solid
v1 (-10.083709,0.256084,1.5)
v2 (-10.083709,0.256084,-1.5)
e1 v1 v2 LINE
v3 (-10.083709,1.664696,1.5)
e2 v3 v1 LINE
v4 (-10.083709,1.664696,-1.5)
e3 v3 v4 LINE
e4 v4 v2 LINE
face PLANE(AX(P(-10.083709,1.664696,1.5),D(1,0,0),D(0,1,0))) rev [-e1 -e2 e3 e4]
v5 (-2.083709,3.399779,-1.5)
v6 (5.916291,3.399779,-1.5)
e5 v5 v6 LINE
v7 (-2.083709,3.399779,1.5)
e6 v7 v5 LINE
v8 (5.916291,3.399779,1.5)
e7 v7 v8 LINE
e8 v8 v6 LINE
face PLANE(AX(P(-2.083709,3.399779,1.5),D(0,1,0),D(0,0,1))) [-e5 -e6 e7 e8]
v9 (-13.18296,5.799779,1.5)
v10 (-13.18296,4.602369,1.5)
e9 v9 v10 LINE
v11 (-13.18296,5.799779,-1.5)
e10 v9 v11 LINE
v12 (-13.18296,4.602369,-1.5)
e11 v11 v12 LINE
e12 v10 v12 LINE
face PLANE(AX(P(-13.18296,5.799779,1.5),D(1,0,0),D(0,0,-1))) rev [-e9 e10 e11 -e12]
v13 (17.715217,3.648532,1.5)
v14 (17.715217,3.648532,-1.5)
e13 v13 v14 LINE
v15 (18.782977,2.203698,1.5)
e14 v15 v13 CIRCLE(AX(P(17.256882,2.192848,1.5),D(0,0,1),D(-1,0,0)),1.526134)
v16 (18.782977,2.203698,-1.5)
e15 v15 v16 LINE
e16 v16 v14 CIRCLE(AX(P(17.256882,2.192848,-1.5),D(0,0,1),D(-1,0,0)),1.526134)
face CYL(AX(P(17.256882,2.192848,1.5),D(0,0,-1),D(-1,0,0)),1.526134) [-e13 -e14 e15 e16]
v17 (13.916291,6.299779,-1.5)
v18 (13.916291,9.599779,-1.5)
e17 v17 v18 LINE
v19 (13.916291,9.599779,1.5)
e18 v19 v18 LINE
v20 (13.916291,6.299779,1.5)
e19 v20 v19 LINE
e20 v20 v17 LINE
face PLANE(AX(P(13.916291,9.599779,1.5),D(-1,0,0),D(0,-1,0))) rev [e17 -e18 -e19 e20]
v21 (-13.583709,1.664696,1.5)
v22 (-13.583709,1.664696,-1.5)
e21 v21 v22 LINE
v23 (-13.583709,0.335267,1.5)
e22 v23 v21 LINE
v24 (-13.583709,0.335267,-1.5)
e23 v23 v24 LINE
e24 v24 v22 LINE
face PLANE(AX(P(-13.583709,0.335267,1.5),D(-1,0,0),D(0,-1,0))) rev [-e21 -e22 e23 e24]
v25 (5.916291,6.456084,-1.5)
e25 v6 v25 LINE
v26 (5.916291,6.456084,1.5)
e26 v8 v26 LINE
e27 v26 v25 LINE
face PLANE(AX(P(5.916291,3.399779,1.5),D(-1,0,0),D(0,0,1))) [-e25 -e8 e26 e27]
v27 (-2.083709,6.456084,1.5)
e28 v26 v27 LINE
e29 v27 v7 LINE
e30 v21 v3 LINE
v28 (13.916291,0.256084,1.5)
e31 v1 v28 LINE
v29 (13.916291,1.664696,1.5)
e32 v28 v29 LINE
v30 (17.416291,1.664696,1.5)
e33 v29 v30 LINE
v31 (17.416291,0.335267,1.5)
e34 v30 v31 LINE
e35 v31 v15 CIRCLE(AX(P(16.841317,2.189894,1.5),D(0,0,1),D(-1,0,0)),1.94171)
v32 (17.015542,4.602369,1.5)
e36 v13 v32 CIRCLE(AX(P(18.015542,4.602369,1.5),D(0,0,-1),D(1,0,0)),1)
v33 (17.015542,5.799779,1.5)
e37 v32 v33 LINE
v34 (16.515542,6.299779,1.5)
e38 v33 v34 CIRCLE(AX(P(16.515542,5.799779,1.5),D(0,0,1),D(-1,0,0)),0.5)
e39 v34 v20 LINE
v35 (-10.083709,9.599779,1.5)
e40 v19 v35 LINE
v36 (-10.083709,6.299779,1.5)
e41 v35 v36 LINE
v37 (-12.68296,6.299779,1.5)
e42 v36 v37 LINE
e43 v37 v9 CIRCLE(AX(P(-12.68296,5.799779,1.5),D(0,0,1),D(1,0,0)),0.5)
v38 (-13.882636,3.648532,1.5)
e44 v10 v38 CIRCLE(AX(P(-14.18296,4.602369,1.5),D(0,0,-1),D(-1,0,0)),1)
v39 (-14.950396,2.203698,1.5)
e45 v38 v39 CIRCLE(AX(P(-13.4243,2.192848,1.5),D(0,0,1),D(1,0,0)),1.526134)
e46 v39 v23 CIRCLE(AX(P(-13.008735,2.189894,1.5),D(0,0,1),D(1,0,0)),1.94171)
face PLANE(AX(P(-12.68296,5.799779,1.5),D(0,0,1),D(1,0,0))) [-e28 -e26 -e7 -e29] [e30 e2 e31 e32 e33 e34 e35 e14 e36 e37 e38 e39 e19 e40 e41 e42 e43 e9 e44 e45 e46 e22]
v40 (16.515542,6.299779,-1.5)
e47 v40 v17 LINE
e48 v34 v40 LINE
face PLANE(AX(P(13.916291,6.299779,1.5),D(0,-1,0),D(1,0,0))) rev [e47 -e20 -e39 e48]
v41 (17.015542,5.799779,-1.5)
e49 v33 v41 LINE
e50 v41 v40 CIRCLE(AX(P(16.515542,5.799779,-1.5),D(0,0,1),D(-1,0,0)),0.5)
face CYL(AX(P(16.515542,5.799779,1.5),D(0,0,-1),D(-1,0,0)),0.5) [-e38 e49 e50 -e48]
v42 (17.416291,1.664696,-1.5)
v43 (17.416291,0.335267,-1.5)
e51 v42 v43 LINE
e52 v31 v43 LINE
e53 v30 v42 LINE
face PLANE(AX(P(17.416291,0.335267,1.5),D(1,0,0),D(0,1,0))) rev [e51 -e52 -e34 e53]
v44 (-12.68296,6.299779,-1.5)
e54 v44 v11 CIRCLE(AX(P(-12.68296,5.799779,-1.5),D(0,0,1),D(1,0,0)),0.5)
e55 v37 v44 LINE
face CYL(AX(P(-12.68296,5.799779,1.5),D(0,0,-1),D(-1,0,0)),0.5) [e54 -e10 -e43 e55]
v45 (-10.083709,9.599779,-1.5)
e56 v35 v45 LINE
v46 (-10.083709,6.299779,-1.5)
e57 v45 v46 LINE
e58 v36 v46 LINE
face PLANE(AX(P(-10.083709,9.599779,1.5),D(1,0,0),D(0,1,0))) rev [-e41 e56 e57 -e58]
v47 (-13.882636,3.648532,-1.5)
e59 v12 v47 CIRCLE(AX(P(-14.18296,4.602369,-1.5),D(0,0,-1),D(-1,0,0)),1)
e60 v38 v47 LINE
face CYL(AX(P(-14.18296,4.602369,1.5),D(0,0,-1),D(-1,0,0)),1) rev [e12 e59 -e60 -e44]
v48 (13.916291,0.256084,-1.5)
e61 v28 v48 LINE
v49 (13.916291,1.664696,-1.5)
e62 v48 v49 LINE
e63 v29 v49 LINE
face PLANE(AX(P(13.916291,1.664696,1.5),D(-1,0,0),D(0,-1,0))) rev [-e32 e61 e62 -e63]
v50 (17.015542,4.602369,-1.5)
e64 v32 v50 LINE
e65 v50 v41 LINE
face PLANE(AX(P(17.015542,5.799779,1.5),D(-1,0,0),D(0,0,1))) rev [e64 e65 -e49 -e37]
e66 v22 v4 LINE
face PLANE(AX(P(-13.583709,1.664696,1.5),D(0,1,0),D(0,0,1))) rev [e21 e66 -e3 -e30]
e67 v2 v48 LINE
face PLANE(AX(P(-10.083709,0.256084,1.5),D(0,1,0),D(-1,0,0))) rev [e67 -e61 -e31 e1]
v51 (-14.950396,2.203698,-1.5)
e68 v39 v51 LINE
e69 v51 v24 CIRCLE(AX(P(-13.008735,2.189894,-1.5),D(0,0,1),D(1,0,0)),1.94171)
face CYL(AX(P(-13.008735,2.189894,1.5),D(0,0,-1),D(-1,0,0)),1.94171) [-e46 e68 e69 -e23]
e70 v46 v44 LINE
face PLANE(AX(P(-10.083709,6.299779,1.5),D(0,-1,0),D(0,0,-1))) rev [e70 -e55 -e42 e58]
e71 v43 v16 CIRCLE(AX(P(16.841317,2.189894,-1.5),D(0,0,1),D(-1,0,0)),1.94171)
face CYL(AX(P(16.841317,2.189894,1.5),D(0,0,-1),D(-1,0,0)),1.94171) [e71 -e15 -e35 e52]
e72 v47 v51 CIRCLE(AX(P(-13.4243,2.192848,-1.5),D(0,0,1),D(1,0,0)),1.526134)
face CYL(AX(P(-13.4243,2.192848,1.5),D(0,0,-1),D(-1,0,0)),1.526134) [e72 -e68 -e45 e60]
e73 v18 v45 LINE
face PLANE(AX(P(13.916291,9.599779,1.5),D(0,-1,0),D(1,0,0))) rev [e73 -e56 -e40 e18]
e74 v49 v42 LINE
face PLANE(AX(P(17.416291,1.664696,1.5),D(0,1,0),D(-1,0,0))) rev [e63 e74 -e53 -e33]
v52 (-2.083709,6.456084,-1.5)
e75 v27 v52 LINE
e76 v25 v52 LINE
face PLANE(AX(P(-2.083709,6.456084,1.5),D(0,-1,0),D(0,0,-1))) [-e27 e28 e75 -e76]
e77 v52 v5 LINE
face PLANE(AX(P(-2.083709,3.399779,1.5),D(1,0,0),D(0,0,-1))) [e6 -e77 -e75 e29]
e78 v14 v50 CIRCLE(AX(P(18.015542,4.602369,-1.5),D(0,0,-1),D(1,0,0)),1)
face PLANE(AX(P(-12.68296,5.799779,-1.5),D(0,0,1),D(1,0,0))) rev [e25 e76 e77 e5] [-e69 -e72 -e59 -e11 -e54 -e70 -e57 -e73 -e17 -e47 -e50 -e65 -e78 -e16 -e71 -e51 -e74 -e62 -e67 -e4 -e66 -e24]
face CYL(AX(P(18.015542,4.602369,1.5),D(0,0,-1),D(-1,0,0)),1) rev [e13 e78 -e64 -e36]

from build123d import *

# Parameters (mm, degrees)
SKETCH1_W           = 8
SKETCH1_H           = 3.056305014
BOSS_EXTRUDE1_DEPTH = 1.5


with BuildPart() as part:
    # Sketch1 → Boss-Extrude1 (new, symmetric)
    with BuildSketch(Plane.XY):
        with BuildLine():
            Line((-10.083709216, 9.599779274), (-10.083709216, 6.299779274))
            Line((-10.083709216, 6.299779274), (-12.68296021, 6.299779274))
            ThreePointArc((-12.68296021, 6.299779274), (-13.0365136, 6.153332664), (-13.18296021, 5.799779274))
            Line((-13.18296021, 5.799779274), (-13.18296021, 4.602368782))
            ThreePointArc((-13.18296021, 4.602368782), (-13.376633784, 4.010897992), (-13.882635601, 3.648531727))
            ThreePointArc((-13.882635601, 3.648531727), (-14.651645992, 3.099880506), (-14.950395595, 2.20369759))
            ThreePointArc((-14.950395595, 2.20369759), (-14.575936583, 1.043545253), (-13.583709216, 0.335267166))
            Line((-13.583709216, 0.335267166), (-13.583709216, 1.664695612))
            Line((-13.583709216, 1.664695612), (-10.083709216, 1.664695612))
            Line((-10.083709216, 1.664695612), (-10.083709216, 0.256084288))
            Line((-10.083709216, 0.256084288), (13.916290784, 0.256084288))
            Line((13.916290784, 0.256084288), (13.916290784, 1.664695612))
            Line((13.916290784, 1.664695612), (17.416290784, 1.664695612))
            Line((17.416290784, 1.664695612), (17.416290784, 0.335267166))
            ThreePointArc((17.416290784, 0.335267166), (18.408518152, 1.043545253), (18.782977164, 2.20369759))
            ThreePointArc((18.782977164, 2.20369759), (18.484227561, 3.099880506), (17.715217169, 3.648531727))
            ThreePointArc((17.715217169, 3.648531727), (17.209215353, 4.010897992), (17.015541778, 4.602368782))
            Line((17.015541778, 4.602368782), (17.015541778, 5.799779274))
            ThreePointArc((17.015541778, 5.799779274), (16.869095169, 6.153332664), (16.515541778, 6.299779274))
            Line((16.515541778, 6.299779274), (13.916290784, 6.299779274))
            Line((13.916290784, 6.299779274), (13.916290784, 9.599779274))
            Line((13.916290784, 9.599779274), (-10.083709216, 9.599779274))
        make_face()
        with Locations((1.916290784, 4.927931781)):
            Rectangle(SKETCH1_W, SKETCH1_H, mode=Mode.SUBTRACT)
    extrude(amount=BOSS_EXTRUDE1_DEPTH, both=True)


solid = part.part
